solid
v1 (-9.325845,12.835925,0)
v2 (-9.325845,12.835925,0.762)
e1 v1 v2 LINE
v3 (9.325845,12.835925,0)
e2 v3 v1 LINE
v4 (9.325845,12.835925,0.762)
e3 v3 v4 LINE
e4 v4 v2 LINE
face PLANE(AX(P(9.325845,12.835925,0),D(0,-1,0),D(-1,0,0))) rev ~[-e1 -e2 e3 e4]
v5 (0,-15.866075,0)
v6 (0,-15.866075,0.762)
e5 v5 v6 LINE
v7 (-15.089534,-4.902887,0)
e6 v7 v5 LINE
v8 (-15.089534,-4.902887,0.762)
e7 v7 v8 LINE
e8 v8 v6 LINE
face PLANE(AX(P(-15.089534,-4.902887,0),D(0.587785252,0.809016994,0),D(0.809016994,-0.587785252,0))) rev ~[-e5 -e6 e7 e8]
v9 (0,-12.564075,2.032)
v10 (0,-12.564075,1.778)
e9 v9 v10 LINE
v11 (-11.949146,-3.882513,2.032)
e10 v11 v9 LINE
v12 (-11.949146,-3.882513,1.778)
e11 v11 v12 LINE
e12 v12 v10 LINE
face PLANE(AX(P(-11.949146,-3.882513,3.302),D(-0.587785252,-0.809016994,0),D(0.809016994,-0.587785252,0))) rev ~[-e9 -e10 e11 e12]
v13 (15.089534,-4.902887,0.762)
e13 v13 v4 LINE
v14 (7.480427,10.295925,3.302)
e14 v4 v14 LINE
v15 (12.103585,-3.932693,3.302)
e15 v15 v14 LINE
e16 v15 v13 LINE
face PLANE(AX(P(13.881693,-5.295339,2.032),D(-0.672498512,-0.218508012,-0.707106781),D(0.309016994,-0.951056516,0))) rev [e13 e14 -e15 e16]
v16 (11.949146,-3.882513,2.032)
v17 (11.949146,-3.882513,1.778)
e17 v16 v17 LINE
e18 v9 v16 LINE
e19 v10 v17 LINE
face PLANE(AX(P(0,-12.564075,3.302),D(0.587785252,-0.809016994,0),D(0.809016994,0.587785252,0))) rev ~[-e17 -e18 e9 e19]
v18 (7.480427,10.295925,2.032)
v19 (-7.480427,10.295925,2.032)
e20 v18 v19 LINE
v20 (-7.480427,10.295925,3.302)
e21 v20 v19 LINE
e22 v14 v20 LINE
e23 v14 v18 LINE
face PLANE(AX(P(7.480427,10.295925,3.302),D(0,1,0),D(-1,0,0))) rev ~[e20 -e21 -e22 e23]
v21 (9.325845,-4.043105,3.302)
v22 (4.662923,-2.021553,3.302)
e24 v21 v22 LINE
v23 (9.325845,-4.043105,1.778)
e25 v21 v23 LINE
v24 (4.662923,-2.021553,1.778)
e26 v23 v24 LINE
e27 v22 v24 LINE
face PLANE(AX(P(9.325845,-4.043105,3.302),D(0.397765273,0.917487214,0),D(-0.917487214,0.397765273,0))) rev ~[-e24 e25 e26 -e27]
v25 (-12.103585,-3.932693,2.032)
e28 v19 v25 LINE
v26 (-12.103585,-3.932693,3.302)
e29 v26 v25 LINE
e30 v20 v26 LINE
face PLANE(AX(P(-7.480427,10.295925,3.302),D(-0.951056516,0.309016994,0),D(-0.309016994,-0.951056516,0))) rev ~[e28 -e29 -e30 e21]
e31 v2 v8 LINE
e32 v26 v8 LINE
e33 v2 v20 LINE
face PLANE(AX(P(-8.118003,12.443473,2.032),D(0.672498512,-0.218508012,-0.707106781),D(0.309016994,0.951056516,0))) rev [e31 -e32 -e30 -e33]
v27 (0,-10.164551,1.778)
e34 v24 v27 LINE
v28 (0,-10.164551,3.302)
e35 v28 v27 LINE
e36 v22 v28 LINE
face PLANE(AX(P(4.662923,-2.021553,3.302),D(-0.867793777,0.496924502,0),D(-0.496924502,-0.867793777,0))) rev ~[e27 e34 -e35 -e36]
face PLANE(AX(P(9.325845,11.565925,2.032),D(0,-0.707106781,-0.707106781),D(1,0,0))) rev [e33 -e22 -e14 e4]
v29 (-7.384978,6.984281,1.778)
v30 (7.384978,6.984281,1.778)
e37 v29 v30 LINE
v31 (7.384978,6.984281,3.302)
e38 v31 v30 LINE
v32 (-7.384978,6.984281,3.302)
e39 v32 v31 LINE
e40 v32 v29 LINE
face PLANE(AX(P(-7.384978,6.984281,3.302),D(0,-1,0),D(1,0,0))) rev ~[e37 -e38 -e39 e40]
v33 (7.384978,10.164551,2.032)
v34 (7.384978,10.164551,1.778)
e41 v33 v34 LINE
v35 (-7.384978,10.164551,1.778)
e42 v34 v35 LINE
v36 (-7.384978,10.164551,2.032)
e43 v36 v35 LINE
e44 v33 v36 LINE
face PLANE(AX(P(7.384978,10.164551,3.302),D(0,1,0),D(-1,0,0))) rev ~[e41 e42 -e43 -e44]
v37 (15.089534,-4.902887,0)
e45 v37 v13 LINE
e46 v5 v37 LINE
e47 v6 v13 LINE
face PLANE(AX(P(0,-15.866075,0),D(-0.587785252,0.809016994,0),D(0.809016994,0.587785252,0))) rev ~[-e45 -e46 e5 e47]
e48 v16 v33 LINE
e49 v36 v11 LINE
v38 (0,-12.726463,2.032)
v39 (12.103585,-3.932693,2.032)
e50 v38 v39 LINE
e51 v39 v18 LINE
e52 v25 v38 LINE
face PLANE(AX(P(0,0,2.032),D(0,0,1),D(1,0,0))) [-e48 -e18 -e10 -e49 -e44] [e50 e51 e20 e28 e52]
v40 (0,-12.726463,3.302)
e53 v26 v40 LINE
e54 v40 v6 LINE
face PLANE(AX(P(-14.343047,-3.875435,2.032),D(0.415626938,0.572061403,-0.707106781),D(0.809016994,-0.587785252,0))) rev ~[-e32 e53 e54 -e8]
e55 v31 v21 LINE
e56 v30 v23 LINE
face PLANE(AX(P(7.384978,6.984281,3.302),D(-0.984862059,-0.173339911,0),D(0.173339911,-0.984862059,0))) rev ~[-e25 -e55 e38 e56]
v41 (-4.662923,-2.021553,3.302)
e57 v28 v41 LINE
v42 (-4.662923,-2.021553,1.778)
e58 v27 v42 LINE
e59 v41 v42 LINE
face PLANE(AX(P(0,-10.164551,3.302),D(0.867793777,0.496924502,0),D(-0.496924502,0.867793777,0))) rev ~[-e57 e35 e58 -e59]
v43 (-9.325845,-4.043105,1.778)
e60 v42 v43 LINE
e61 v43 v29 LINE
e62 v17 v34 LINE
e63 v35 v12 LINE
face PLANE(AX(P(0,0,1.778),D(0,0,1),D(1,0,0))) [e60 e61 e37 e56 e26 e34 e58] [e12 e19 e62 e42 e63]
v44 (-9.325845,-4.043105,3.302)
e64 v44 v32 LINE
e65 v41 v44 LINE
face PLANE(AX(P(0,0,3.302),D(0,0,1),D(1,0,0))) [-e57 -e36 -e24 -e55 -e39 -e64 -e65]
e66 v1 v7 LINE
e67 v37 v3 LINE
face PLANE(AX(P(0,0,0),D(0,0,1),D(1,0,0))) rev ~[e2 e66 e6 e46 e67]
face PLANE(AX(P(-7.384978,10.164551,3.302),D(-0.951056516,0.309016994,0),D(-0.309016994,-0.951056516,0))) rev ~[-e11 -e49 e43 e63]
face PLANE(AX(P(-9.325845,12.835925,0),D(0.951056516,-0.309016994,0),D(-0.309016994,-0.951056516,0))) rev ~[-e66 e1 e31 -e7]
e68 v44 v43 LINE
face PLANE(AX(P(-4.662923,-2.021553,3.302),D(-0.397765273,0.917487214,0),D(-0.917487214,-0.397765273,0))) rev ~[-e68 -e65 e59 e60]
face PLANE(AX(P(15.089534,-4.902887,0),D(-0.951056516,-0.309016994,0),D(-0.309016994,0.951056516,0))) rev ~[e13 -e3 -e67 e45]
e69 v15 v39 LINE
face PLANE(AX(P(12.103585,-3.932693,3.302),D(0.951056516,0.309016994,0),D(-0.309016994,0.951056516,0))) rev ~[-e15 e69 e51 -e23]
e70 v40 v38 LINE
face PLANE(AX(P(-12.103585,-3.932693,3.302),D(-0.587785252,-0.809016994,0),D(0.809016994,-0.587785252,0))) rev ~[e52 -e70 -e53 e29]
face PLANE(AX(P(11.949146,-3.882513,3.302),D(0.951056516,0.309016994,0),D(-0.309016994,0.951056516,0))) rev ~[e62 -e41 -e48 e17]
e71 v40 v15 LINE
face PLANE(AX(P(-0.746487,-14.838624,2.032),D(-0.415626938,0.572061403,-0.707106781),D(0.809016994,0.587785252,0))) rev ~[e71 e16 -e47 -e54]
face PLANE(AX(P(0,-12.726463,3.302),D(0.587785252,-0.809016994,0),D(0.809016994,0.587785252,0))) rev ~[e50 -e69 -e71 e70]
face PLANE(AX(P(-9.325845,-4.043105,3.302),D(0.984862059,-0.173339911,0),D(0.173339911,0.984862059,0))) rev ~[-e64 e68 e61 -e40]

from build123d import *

# Parameters (mm, degrees)
F1_DEPTH = 3.302
F3_DEPTH = 1.524
F4_SIZE  = 2.54
F5_DEPTH = 1.27


with BuildPart() as f1:
    # F0 (on Top) → F1 (new body)
    with BuildSketch(Plane.XY):
        Polygon((9.3258451213, 12.835924618), (-9.3258451213, 12.835924618), (-15.08953438, -4.9028869271), (0, -15.866075382), (15.08953438, -4.9028869271), align=None)
    extrude(amount=F1_DEPTH)

    # F2 (on face) → F3 (cut)
    with BuildSketch(Plane.XY.offset(3.302)):
        Polygon((7.3849782182, 10.1645505026), (-7.3849782182, 10.1645505026), (-11.9491457632, -3.8825128116), (0, -12.564075382), (11.9491457632, -3.8825128116), align=None)
        Polygon((-9.3258451213, -4.0431052044), (-7.3849782182, 6.9842811825), (0, 6.9842811825), (7.3849782182, 6.9842811825), (9.3258451213, -4.0431052044), (4.6629225606, -2.0215526022), (0, -10.1645505026), (-4.6629225606, -2.0215526022), align=None, mode=Mode.SUBTRACT)
    extrude(amount=-F3_DEPTH, mode=Mode.SUBTRACT)

    # F4
    f4_edges = [f1.edges().sort_by_distance(p)[0] for p in [
        (7.544767, -10.384481, 3.302),
        (-7.544767, -10.384481, 3.302),
        (-12.20769, 3.966519, 3.302),
        (0, 12.835925, 3.302),
        (12.20769, 3.966519, 3.302),
    ]]
    chamfer(f4_edges, length=F4_SIZE)

    # F5 (cut): a face of the model
    f5_faces = [f1.faces().sort_by_distance(p)[0] for p in [
        (6.0321565972, -8.3025512818, 3.302),
    ]]
    extrude(f5_faces, amount=-F5_DEPTH, mode=Mode.SUBTRACT)


solid = f1.part
